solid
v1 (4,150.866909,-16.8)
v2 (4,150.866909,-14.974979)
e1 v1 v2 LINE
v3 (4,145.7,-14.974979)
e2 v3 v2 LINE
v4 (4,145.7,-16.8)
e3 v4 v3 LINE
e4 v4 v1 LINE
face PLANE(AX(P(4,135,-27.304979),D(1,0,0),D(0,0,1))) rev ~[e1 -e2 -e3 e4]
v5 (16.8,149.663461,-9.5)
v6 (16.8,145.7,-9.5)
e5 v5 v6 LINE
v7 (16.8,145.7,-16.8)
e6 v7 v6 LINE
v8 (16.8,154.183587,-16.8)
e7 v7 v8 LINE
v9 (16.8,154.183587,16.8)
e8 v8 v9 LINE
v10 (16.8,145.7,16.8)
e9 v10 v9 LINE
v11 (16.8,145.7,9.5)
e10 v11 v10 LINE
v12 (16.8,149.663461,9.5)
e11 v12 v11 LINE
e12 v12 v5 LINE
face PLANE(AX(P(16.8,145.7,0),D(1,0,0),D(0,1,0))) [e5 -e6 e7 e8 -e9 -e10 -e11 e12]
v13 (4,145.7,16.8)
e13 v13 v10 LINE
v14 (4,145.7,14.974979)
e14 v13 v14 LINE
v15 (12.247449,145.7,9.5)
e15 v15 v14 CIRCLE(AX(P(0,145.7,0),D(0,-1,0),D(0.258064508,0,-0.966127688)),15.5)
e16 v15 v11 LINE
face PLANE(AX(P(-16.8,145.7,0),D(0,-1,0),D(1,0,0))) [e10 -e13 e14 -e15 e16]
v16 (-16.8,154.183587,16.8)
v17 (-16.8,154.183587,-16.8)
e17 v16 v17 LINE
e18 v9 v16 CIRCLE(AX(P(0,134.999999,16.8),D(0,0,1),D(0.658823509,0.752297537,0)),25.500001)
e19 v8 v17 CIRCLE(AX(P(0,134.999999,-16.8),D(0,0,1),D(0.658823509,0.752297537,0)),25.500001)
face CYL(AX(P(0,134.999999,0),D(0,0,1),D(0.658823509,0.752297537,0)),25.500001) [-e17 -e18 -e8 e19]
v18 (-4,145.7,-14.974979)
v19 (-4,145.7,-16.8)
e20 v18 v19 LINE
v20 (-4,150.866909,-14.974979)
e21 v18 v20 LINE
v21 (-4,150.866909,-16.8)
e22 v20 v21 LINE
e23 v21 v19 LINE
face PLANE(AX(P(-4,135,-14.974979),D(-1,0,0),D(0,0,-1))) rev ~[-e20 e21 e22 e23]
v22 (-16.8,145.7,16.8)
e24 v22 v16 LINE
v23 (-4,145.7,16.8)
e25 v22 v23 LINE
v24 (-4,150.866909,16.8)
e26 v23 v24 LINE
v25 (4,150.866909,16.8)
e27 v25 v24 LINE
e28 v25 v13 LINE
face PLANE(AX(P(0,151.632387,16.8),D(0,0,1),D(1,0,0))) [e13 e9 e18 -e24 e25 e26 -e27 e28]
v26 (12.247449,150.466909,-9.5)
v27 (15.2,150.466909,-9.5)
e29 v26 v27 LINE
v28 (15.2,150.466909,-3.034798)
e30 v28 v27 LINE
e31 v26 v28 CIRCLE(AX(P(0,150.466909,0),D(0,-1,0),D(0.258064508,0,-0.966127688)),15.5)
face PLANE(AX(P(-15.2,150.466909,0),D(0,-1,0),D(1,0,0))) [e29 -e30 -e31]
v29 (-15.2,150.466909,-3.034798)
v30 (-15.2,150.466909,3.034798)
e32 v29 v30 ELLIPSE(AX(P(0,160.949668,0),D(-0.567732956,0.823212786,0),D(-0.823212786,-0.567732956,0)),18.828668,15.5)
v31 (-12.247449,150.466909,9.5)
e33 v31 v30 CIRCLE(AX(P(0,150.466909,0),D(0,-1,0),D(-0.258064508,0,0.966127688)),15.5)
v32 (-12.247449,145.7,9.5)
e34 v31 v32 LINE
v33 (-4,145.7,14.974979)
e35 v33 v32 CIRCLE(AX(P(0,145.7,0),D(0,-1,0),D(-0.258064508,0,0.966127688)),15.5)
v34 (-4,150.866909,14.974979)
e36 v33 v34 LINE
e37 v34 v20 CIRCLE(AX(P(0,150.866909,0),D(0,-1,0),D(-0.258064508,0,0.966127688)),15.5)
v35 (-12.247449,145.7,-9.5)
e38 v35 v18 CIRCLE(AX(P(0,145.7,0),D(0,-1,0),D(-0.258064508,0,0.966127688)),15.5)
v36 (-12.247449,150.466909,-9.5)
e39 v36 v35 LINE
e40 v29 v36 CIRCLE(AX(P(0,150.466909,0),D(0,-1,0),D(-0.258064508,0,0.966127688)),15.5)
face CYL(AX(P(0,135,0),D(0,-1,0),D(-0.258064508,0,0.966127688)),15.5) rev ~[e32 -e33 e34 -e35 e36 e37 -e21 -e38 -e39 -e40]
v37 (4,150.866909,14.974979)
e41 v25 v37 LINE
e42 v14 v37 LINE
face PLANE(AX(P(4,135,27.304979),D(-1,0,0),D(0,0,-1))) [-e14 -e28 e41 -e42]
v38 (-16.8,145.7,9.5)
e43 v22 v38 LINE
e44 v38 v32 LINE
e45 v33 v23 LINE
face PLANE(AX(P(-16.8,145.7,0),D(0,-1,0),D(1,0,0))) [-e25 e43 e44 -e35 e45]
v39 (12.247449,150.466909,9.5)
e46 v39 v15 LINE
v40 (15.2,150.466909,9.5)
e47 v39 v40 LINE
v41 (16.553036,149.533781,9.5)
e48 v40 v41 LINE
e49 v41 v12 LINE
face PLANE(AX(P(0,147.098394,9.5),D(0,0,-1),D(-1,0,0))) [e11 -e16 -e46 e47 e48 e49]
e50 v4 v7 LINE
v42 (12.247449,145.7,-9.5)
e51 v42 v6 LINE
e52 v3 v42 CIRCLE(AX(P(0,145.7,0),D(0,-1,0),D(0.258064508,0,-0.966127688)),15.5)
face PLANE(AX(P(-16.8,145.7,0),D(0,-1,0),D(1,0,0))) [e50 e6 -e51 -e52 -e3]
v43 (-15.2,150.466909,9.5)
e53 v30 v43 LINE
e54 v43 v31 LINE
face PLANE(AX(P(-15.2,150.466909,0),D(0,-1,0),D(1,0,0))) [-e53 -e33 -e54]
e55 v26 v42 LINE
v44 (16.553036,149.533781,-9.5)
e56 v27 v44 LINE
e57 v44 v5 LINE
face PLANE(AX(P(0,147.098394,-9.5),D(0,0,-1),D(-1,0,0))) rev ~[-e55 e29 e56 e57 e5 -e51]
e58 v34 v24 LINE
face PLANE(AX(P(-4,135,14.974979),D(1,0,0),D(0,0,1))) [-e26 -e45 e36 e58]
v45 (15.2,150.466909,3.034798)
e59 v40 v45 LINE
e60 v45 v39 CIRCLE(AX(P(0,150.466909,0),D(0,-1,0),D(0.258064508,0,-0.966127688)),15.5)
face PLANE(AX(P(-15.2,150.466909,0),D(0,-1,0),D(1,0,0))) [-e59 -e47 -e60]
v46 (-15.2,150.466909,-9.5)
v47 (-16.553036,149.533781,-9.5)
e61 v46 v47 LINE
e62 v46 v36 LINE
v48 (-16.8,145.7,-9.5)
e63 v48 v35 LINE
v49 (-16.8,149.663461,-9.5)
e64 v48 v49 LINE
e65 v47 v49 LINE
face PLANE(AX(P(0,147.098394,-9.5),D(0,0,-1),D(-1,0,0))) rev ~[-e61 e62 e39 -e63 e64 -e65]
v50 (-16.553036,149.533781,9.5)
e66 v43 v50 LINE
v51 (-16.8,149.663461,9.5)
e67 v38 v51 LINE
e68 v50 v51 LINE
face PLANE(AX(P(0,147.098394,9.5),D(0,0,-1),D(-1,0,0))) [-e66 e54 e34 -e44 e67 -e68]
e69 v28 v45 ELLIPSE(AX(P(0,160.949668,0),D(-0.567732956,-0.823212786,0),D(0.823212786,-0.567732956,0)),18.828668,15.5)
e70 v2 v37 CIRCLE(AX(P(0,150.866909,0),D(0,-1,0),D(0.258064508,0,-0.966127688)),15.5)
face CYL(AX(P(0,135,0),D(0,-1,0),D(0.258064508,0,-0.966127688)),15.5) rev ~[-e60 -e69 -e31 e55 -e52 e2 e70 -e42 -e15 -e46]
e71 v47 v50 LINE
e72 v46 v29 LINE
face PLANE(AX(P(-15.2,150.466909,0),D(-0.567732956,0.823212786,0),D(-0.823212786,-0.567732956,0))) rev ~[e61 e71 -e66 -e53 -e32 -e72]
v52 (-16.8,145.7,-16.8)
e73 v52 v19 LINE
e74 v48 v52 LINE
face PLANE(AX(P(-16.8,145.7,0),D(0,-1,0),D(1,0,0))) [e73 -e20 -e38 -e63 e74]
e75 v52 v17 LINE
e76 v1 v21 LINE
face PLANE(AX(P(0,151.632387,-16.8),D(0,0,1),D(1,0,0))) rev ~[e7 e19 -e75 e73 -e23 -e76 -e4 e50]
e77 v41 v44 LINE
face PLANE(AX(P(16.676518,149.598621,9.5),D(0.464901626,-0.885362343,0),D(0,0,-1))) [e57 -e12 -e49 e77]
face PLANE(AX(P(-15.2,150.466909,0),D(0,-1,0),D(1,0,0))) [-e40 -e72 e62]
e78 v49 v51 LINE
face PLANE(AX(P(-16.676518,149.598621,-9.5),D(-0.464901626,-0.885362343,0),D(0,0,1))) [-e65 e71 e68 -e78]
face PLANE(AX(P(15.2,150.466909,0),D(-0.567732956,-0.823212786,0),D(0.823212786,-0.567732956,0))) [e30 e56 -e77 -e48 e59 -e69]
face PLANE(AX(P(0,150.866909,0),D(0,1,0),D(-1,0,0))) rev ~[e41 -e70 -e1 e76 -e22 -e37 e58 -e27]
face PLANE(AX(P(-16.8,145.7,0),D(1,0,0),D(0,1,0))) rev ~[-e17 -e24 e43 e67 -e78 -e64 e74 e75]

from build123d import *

# Parameters (mm, degrees)
PAD017_DEPTH         = 16.8
PAD017_DEPTH_BACK    = 16.8
POCKET017_DEPTH      = 9.5
POCKET017_DEPTH_BACK = 9.5
CHAMFER009_SIZE      = 0.3
POCKET018_DEPTH      = 15.866909


with BuildPart() as part:
    # Sketch033 → Pad017 (new body, two sides)
    with BuildSketch(Plane.XY) as pad017_sk:
        with BuildLine():
            Line((-16.8, 10.7), (16.8, 10.7))
            Line((16.8, 10.7), (16.8, 19.183587))
            ThreePointArc((16.8, 19.183587), (0, 25.5), (-16.8, 19.183587))
            Line((-16.8, 10.7), (-16.8, 19.183587))
        make_face()
    extrude(amount=PAD017_DEPTH)
    extrude(pad017_sk.sketch, amount=-PAD017_DEPTH_BACK)

    # Sketch034 → Pocket017 (cut, two sides)
    with BuildSketch(Plane.XY) as pocket017_sk:
        with BuildLine():
            Line((-15.2, 15.466909), (15.2, 15.466909))
            Line((15.2, 15.466909), (21, 11.466909))
            Line((21, 11.466909), (23, 11.466909))
            ThreePointArc((24.265231, 8.466909), (23.680172, 9.986965), (23, 11.466909))
            Line((11, 10.5), (24.265231, 8.466909))
            Line((11, 10.5), (-11, 10.5))
            Line((-11, 10.5), (-24.265231, 8.466909))
            ThreePointArc((-23, 11.466909), (-23.680172, 9.986965), (-24.265231, 8.466909))
            Line((-21, 11.466909), (-23, 11.466909))
            Line((-15.2, 15.466909), (-21, 11.466909))
        make_face()
    extrude(amount=-POCKET017_DEPTH, mode=Mode.SUBTRACT)
    extrude(pocket017_sk.sketch, amount=POCKET017_DEPTH_BACK, mode=Mode.SUBTRACT)

    # Chamfer009
    chamfer009_edges = [part.edges().sort_by_distance(p)[0] for p in [
        (-16.8, 14.363461, 0),
        (16.8, 14.363461, 0),
    ]]
    chamfer(chamfer009_edges, length=CHAMFER009_SIZE)

    # Sketch035 → Pocket018 (cut)
    with BuildSketch(Plane.XZ):
        with BuildLine():
            Line((-4, 14.974979), (-4, 27.304979))
            Line((-4, 27.304979), (4, 27.304979))
            Line((4, 27.304979), (4, 14.974979))
            ThreePointArc((4, -14.974979), (15.5, 0), (4, 14.974979))
            Line((4, -27.304979), (4, -14.974979))
            Line((-4, -27.304979), (4, -27.304979))
            Line((-4, -14.974979), (-4, -27.304979))
            ThreePointArc((-4, 14.974979), (-15.5, 0), (-4, -14.974979))
        make_face()
    extrude(amount=-POCKET018_DEPTH, mode=Mode.SUBTRACT)


with BuildPart() as part_1:
    # Body015 placement: moved
    add(part.part.moved(Location((0, 135, 0))))


solid = part_1.part
